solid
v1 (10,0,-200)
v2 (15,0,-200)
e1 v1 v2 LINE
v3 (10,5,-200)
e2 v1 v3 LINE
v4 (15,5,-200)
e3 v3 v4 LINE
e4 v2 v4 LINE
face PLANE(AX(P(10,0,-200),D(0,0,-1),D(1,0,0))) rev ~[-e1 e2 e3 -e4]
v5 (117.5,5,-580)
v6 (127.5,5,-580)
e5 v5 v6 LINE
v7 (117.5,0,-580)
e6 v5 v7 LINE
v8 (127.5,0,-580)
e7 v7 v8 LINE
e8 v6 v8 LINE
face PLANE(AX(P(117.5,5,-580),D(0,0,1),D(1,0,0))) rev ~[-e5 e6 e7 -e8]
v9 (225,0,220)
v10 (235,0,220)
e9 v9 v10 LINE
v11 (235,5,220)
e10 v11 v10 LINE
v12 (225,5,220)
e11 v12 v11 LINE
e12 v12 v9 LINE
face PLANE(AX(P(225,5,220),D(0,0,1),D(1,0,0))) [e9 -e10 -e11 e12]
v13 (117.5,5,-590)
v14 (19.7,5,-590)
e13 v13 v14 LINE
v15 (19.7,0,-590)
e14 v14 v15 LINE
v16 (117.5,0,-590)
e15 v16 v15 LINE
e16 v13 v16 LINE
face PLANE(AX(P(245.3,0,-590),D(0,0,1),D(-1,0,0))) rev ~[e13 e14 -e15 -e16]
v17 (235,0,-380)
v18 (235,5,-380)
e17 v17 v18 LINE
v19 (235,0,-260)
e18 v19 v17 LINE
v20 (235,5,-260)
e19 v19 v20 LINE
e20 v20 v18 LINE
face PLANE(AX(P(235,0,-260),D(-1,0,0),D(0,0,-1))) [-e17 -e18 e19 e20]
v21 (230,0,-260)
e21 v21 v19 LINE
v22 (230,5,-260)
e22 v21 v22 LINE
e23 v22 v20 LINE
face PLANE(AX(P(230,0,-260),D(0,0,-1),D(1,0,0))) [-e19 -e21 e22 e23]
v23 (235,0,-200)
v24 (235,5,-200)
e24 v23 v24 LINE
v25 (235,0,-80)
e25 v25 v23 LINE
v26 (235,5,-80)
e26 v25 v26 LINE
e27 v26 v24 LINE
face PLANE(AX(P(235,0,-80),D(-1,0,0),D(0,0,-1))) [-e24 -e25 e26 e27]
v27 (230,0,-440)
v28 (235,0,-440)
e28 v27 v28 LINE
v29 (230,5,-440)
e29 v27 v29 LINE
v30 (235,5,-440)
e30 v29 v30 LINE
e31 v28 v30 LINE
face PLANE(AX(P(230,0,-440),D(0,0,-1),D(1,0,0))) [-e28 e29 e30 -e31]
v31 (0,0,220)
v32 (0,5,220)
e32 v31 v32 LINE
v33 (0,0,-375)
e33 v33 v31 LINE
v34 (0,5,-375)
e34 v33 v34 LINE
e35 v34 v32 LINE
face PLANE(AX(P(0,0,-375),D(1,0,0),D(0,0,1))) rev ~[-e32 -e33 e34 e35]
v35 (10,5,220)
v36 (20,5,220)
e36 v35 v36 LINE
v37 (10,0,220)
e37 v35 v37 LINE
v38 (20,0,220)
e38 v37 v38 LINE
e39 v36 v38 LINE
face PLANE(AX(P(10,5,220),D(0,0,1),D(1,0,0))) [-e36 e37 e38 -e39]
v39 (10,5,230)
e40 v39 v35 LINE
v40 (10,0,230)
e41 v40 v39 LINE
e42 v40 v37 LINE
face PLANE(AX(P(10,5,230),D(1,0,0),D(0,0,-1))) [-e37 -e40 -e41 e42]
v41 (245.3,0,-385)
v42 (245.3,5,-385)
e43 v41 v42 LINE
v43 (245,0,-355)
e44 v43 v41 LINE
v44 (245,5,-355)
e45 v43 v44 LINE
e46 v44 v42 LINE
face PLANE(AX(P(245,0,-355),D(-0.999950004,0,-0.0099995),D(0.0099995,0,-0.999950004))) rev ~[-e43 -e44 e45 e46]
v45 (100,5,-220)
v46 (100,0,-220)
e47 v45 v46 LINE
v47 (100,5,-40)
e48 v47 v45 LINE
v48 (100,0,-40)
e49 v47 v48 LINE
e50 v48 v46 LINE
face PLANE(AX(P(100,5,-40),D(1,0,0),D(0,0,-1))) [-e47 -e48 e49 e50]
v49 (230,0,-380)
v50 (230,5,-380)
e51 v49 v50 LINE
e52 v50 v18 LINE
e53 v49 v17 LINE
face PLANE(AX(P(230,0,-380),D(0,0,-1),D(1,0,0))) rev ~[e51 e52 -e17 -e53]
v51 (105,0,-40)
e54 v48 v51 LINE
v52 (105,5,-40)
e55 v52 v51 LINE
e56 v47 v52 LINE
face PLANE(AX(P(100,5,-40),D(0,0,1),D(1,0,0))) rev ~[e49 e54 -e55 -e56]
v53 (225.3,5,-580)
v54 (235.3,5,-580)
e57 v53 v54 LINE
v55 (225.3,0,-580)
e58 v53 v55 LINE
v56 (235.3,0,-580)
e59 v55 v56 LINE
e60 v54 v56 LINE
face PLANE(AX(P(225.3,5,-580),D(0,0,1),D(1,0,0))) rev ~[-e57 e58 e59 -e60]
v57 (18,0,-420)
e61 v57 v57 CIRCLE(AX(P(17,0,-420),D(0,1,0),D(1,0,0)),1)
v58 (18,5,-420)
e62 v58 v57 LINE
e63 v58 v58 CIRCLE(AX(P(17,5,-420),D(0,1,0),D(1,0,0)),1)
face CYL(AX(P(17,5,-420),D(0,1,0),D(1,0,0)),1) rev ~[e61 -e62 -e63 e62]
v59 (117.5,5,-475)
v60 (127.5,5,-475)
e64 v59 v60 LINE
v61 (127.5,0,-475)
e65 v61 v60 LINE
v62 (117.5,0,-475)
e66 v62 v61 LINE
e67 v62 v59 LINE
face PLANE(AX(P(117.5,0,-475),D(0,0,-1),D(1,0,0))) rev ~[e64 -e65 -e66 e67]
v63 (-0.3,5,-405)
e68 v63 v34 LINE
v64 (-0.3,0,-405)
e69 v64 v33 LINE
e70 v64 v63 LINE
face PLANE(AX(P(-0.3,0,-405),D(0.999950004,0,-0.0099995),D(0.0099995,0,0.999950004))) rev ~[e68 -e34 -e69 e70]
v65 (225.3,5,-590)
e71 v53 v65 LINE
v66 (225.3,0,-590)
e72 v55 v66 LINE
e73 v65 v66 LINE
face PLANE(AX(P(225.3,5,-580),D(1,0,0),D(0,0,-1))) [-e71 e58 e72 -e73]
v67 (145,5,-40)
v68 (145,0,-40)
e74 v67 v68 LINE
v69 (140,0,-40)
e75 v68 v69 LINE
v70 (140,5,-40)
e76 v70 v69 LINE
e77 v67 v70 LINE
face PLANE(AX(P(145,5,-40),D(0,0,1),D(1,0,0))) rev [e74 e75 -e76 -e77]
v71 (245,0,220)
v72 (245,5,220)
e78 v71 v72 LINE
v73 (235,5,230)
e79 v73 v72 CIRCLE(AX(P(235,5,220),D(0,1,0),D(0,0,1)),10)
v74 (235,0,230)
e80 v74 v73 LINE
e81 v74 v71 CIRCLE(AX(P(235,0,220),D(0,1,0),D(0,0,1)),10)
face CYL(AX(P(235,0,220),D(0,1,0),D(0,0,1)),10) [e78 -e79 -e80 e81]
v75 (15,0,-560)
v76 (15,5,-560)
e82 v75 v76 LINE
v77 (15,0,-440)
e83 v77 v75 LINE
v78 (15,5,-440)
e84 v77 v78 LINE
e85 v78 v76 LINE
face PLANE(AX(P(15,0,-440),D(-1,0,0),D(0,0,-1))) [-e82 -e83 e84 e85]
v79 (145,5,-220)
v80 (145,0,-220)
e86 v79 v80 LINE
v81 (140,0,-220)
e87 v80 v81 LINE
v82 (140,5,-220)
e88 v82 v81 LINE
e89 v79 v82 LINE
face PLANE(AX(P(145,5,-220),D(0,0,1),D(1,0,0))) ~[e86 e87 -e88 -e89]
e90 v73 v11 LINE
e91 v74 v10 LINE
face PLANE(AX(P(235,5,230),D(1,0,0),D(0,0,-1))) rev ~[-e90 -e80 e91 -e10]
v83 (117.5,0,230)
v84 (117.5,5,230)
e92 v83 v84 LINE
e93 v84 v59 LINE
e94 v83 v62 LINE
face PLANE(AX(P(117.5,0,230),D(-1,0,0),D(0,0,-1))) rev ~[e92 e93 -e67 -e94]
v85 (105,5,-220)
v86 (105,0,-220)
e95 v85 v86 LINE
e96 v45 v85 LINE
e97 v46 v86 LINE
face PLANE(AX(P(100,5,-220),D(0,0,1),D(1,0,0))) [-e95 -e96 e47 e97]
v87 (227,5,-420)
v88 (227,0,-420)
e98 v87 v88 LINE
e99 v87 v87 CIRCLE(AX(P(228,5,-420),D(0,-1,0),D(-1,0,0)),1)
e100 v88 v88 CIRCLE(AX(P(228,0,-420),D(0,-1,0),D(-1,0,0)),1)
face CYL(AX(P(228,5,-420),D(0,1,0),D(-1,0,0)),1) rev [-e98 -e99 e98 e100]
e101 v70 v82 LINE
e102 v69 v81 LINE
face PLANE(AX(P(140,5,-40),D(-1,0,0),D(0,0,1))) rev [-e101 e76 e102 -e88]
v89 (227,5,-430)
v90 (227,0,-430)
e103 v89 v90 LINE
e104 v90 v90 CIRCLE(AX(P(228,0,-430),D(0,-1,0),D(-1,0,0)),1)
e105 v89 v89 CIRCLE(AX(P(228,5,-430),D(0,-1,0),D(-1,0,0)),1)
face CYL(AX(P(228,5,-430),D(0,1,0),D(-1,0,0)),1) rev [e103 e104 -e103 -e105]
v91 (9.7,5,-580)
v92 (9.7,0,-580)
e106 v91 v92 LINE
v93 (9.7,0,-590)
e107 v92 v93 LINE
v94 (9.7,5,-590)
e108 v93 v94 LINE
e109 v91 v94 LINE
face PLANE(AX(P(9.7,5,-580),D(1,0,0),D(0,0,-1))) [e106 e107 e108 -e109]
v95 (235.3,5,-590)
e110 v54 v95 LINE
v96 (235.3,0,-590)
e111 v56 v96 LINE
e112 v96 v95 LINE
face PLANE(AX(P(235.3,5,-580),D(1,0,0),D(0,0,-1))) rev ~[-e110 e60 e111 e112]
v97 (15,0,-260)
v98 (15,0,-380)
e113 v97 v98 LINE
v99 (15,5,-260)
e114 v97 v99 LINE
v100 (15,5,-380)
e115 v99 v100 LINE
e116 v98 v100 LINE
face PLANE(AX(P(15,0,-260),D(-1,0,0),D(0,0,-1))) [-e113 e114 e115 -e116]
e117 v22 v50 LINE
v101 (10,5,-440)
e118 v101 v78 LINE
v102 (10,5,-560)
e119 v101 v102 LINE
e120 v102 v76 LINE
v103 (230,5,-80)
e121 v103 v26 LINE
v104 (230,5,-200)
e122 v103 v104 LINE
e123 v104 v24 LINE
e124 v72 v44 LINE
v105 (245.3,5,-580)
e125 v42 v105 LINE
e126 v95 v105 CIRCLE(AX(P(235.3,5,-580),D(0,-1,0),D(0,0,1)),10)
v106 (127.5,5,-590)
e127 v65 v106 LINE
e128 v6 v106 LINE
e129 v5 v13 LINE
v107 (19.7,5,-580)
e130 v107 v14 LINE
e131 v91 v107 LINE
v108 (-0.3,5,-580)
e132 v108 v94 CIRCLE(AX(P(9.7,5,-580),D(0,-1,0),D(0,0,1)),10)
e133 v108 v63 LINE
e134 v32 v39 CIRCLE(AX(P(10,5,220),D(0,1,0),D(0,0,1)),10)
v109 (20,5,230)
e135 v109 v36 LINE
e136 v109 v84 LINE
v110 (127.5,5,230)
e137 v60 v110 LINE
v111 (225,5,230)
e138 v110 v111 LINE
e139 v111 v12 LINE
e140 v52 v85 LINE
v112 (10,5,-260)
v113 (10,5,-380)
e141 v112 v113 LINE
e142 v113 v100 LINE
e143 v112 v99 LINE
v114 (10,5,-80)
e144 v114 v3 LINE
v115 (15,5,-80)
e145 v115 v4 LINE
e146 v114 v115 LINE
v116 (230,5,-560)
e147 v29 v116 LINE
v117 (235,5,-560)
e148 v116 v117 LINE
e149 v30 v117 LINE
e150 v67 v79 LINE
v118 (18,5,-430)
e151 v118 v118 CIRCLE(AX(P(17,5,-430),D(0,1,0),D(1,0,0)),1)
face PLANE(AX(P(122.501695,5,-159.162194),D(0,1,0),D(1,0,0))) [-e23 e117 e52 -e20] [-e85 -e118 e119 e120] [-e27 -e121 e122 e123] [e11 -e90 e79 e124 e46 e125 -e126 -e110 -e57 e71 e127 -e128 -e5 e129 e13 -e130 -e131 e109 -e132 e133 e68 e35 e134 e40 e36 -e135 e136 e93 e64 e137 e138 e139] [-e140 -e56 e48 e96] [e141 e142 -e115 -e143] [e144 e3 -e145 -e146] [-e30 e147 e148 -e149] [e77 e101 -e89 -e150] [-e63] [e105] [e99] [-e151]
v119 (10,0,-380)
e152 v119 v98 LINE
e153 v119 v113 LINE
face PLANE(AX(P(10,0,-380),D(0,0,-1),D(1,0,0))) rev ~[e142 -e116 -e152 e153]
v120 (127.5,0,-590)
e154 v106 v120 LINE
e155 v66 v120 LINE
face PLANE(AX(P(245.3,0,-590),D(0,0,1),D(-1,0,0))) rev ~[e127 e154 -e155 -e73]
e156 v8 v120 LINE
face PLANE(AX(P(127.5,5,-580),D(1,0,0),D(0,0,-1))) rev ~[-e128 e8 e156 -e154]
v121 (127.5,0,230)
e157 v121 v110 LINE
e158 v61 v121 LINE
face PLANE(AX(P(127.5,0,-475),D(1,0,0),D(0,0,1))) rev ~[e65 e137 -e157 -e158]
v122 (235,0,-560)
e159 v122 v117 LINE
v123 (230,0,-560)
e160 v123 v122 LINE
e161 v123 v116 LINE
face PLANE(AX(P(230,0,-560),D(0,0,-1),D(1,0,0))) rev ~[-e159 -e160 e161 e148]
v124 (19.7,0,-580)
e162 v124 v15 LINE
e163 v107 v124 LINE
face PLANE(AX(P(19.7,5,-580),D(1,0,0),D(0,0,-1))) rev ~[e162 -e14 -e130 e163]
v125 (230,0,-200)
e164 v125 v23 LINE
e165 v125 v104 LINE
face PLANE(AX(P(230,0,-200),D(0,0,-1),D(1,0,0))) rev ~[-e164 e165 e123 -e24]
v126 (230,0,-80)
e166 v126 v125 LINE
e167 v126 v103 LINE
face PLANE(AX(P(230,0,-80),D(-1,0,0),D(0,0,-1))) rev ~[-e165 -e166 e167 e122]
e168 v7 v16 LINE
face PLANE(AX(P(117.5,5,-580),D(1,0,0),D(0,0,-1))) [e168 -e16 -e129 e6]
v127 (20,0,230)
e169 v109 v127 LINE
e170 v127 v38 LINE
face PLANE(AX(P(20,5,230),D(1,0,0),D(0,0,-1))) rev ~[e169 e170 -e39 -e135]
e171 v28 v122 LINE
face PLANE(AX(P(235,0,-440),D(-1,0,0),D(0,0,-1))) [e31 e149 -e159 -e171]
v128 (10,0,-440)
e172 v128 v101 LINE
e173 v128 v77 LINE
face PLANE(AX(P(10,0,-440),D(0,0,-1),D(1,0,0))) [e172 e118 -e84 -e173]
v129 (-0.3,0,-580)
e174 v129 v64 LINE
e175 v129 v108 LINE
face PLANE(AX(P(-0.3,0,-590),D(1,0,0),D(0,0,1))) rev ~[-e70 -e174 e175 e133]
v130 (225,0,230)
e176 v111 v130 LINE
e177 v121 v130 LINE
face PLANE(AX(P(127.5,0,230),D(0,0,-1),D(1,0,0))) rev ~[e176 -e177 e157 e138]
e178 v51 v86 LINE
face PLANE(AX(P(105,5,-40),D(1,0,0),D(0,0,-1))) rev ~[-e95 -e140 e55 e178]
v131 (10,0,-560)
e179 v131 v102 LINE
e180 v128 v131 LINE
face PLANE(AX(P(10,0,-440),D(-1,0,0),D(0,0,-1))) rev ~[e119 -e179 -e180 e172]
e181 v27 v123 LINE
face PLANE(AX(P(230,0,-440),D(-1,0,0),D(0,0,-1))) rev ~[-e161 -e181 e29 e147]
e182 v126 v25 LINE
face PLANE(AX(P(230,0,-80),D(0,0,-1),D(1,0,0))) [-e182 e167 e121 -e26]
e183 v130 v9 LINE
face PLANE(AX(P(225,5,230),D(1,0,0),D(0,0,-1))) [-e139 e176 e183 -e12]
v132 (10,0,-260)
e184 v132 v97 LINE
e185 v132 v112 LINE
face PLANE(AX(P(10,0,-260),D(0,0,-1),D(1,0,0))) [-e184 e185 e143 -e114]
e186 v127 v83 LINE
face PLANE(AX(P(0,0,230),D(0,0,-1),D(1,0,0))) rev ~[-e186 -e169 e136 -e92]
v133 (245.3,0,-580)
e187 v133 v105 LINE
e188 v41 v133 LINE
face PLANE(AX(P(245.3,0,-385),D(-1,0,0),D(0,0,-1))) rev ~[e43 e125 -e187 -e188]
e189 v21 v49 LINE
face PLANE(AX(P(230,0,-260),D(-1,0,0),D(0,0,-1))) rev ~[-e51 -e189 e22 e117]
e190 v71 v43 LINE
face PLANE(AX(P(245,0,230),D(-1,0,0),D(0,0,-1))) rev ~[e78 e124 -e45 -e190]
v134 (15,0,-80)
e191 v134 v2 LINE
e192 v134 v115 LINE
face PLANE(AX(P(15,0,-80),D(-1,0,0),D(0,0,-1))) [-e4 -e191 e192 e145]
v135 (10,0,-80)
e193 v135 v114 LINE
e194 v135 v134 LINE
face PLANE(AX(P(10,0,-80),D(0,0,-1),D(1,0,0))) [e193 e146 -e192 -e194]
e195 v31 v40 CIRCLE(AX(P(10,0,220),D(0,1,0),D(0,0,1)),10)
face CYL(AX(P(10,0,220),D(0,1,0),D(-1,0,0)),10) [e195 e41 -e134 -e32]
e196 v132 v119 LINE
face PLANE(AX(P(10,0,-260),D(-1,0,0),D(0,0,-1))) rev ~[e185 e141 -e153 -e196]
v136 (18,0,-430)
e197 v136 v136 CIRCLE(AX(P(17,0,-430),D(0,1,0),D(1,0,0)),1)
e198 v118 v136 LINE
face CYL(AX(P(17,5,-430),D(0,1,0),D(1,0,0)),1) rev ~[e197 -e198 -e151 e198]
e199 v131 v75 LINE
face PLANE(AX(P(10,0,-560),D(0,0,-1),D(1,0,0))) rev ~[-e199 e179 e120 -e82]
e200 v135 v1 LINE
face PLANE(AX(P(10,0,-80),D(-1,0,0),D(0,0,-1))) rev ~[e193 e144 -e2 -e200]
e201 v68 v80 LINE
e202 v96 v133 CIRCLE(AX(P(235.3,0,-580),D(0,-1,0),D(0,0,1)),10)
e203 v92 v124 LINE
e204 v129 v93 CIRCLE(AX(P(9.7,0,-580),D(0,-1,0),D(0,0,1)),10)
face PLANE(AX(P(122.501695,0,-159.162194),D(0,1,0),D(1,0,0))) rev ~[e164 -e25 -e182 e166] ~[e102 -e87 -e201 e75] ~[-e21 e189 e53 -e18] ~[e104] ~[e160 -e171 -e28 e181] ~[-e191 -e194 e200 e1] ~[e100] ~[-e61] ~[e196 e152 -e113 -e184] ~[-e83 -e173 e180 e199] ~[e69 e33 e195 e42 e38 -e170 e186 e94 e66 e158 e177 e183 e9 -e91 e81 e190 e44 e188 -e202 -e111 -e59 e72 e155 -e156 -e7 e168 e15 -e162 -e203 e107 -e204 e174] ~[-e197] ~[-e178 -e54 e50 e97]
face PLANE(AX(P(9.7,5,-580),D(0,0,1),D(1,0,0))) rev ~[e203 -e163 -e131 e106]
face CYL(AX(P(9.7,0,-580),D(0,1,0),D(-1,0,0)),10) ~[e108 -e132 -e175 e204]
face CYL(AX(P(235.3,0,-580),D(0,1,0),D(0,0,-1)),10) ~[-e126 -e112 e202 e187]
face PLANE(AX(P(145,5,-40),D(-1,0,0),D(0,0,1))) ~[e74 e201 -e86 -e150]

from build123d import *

# Parameters (mm, degrees)
SKETCH2_W           = 5
SKETCH2_H           = 120
BOSS_EXTRUDE1_DEPTH = 5
SKETCH3_R           = 1
SKETCH3_W           = 5
SKETCH3_H           = 180
CUT_EXTRUDE1_DEPTH  = 5
FILLET1_R           = 10
SKETCH4_W           = 10
SKETCH4_H           = 10
CUT_EXTRUDE2_DEPTH  = 10


with BuildPart() as part:
    # Sketch2 → Boss-Extrude1 (new body)
    with BuildSketch(Plane(origin=(0, 0, 0), x_dir=(1, 0, 0), z_dir=(0, 1, 0))):
        Polygon((0, 375), (0, 0), (0, -230), (10, -230), (15, -230), (117.5, -230), (117.5, 475), (127.5, 475), (127.5, -230), (230, -230), (235, -230), (245, -230), (245, -10), (245, 355), (245.3, 385), (245.3, 590), (245, 590), (0, 590), (-0.3, 590), (-0.3, 405), align=None)
        with Locations((12.5, 140)):
            Rectangle(SKETCH2_W, SKETCH2_H, mode=Mode.SUBTRACT)
        with Locations((232.5, 140)):
            Rectangle(SKETCH2_W, SKETCH2_H, mode=Mode.SUBTRACT)
        with Locations((12.5, 320)):
            Rectangle(SKETCH2_W, SKETCH2_H, mode=Mode.SUBTRACT)
        with Locations((12.5, 500)):
            Rectangle(SKETCH2_W, SKETCH2_H, mode=Mode.SUBTRACT)
        with Locations((232.5, 320)):
            Rectangle(SKETCH2_W, SKETCH2_H, mode=Mode.SUBTRACT)
        with Locations((232.5, 500)):
            Rectangle(SKETCH2_W, SKETCH2_H, mode=Mode.SUBTRACT)
    extrude(amount=BOSS_EXTRUDE1_DEPTH)

    # Sketch3 → Cut-Extrude1 (cut)
    with BuildSketch(Plane(origin=(0, 5, 0), x_dir=(1, 0, 0), z_dir=(0, 1, 0))):
        with Locations((17, 420)):
            Circle(SKETCH3_R)
        with Locations((17, 430)):
            Circle(SKETCH3_R)
        with Locations((102.5, 130)):
            Rectangle(SKETCH3_W, SKETCH3_H)
    cut_extrude1 = extrude(amount=-CUT_EXTRUDE1_DEPTH, mode=Mode.SUBTRACT)

    # Mirror1: Cut-Extrude1 across plane
    add(cut_extrude1.mirror(Plane.ZY.offset(-122.5)), mode=Mode.SUBTRACT)

    # Fillet1
    fillet1_edges = [part.edges().sort_by_distance(p)[0] for p in [
        (245, 2.5, 230),
        (0, 2.5, 230),
        (-0.3, 2.5, -590),
        (245.3, 2.5, -590),
    ]]
    fillet(fillet1_edges, radius=FILLET1_R)

    # Sketch4 → Cut-Extrude2 (cut)
    with BuildSketch(Plane(origin=(0, 5, 0), x_dir=(1, 0, 0), z_dir=(0, 1, 0))):
        with Locations((15, -225)):
            Rectangle(SKETCH4_W, SKETCH4_H)
        with Locations((230, -225)):
            Rectangle(SKETCH4_W, SKETCH4_H)
        with Locations((14.7, 585)):
            Rectangle(SKETCH4_W, SKETCH4_H)
        with Locations((230.3, 585)):
            Rectangle(SKETCH4_W, SKETCH4_H)
        with Locations((122.5, 585)):
            Rectangle(SKETCH4_W, SKETCH4_H)
    extrude(amount=-CUT_EXTRUDE2_DEPTH, mode=Mode.SUBTRACT)


solid = part.part
